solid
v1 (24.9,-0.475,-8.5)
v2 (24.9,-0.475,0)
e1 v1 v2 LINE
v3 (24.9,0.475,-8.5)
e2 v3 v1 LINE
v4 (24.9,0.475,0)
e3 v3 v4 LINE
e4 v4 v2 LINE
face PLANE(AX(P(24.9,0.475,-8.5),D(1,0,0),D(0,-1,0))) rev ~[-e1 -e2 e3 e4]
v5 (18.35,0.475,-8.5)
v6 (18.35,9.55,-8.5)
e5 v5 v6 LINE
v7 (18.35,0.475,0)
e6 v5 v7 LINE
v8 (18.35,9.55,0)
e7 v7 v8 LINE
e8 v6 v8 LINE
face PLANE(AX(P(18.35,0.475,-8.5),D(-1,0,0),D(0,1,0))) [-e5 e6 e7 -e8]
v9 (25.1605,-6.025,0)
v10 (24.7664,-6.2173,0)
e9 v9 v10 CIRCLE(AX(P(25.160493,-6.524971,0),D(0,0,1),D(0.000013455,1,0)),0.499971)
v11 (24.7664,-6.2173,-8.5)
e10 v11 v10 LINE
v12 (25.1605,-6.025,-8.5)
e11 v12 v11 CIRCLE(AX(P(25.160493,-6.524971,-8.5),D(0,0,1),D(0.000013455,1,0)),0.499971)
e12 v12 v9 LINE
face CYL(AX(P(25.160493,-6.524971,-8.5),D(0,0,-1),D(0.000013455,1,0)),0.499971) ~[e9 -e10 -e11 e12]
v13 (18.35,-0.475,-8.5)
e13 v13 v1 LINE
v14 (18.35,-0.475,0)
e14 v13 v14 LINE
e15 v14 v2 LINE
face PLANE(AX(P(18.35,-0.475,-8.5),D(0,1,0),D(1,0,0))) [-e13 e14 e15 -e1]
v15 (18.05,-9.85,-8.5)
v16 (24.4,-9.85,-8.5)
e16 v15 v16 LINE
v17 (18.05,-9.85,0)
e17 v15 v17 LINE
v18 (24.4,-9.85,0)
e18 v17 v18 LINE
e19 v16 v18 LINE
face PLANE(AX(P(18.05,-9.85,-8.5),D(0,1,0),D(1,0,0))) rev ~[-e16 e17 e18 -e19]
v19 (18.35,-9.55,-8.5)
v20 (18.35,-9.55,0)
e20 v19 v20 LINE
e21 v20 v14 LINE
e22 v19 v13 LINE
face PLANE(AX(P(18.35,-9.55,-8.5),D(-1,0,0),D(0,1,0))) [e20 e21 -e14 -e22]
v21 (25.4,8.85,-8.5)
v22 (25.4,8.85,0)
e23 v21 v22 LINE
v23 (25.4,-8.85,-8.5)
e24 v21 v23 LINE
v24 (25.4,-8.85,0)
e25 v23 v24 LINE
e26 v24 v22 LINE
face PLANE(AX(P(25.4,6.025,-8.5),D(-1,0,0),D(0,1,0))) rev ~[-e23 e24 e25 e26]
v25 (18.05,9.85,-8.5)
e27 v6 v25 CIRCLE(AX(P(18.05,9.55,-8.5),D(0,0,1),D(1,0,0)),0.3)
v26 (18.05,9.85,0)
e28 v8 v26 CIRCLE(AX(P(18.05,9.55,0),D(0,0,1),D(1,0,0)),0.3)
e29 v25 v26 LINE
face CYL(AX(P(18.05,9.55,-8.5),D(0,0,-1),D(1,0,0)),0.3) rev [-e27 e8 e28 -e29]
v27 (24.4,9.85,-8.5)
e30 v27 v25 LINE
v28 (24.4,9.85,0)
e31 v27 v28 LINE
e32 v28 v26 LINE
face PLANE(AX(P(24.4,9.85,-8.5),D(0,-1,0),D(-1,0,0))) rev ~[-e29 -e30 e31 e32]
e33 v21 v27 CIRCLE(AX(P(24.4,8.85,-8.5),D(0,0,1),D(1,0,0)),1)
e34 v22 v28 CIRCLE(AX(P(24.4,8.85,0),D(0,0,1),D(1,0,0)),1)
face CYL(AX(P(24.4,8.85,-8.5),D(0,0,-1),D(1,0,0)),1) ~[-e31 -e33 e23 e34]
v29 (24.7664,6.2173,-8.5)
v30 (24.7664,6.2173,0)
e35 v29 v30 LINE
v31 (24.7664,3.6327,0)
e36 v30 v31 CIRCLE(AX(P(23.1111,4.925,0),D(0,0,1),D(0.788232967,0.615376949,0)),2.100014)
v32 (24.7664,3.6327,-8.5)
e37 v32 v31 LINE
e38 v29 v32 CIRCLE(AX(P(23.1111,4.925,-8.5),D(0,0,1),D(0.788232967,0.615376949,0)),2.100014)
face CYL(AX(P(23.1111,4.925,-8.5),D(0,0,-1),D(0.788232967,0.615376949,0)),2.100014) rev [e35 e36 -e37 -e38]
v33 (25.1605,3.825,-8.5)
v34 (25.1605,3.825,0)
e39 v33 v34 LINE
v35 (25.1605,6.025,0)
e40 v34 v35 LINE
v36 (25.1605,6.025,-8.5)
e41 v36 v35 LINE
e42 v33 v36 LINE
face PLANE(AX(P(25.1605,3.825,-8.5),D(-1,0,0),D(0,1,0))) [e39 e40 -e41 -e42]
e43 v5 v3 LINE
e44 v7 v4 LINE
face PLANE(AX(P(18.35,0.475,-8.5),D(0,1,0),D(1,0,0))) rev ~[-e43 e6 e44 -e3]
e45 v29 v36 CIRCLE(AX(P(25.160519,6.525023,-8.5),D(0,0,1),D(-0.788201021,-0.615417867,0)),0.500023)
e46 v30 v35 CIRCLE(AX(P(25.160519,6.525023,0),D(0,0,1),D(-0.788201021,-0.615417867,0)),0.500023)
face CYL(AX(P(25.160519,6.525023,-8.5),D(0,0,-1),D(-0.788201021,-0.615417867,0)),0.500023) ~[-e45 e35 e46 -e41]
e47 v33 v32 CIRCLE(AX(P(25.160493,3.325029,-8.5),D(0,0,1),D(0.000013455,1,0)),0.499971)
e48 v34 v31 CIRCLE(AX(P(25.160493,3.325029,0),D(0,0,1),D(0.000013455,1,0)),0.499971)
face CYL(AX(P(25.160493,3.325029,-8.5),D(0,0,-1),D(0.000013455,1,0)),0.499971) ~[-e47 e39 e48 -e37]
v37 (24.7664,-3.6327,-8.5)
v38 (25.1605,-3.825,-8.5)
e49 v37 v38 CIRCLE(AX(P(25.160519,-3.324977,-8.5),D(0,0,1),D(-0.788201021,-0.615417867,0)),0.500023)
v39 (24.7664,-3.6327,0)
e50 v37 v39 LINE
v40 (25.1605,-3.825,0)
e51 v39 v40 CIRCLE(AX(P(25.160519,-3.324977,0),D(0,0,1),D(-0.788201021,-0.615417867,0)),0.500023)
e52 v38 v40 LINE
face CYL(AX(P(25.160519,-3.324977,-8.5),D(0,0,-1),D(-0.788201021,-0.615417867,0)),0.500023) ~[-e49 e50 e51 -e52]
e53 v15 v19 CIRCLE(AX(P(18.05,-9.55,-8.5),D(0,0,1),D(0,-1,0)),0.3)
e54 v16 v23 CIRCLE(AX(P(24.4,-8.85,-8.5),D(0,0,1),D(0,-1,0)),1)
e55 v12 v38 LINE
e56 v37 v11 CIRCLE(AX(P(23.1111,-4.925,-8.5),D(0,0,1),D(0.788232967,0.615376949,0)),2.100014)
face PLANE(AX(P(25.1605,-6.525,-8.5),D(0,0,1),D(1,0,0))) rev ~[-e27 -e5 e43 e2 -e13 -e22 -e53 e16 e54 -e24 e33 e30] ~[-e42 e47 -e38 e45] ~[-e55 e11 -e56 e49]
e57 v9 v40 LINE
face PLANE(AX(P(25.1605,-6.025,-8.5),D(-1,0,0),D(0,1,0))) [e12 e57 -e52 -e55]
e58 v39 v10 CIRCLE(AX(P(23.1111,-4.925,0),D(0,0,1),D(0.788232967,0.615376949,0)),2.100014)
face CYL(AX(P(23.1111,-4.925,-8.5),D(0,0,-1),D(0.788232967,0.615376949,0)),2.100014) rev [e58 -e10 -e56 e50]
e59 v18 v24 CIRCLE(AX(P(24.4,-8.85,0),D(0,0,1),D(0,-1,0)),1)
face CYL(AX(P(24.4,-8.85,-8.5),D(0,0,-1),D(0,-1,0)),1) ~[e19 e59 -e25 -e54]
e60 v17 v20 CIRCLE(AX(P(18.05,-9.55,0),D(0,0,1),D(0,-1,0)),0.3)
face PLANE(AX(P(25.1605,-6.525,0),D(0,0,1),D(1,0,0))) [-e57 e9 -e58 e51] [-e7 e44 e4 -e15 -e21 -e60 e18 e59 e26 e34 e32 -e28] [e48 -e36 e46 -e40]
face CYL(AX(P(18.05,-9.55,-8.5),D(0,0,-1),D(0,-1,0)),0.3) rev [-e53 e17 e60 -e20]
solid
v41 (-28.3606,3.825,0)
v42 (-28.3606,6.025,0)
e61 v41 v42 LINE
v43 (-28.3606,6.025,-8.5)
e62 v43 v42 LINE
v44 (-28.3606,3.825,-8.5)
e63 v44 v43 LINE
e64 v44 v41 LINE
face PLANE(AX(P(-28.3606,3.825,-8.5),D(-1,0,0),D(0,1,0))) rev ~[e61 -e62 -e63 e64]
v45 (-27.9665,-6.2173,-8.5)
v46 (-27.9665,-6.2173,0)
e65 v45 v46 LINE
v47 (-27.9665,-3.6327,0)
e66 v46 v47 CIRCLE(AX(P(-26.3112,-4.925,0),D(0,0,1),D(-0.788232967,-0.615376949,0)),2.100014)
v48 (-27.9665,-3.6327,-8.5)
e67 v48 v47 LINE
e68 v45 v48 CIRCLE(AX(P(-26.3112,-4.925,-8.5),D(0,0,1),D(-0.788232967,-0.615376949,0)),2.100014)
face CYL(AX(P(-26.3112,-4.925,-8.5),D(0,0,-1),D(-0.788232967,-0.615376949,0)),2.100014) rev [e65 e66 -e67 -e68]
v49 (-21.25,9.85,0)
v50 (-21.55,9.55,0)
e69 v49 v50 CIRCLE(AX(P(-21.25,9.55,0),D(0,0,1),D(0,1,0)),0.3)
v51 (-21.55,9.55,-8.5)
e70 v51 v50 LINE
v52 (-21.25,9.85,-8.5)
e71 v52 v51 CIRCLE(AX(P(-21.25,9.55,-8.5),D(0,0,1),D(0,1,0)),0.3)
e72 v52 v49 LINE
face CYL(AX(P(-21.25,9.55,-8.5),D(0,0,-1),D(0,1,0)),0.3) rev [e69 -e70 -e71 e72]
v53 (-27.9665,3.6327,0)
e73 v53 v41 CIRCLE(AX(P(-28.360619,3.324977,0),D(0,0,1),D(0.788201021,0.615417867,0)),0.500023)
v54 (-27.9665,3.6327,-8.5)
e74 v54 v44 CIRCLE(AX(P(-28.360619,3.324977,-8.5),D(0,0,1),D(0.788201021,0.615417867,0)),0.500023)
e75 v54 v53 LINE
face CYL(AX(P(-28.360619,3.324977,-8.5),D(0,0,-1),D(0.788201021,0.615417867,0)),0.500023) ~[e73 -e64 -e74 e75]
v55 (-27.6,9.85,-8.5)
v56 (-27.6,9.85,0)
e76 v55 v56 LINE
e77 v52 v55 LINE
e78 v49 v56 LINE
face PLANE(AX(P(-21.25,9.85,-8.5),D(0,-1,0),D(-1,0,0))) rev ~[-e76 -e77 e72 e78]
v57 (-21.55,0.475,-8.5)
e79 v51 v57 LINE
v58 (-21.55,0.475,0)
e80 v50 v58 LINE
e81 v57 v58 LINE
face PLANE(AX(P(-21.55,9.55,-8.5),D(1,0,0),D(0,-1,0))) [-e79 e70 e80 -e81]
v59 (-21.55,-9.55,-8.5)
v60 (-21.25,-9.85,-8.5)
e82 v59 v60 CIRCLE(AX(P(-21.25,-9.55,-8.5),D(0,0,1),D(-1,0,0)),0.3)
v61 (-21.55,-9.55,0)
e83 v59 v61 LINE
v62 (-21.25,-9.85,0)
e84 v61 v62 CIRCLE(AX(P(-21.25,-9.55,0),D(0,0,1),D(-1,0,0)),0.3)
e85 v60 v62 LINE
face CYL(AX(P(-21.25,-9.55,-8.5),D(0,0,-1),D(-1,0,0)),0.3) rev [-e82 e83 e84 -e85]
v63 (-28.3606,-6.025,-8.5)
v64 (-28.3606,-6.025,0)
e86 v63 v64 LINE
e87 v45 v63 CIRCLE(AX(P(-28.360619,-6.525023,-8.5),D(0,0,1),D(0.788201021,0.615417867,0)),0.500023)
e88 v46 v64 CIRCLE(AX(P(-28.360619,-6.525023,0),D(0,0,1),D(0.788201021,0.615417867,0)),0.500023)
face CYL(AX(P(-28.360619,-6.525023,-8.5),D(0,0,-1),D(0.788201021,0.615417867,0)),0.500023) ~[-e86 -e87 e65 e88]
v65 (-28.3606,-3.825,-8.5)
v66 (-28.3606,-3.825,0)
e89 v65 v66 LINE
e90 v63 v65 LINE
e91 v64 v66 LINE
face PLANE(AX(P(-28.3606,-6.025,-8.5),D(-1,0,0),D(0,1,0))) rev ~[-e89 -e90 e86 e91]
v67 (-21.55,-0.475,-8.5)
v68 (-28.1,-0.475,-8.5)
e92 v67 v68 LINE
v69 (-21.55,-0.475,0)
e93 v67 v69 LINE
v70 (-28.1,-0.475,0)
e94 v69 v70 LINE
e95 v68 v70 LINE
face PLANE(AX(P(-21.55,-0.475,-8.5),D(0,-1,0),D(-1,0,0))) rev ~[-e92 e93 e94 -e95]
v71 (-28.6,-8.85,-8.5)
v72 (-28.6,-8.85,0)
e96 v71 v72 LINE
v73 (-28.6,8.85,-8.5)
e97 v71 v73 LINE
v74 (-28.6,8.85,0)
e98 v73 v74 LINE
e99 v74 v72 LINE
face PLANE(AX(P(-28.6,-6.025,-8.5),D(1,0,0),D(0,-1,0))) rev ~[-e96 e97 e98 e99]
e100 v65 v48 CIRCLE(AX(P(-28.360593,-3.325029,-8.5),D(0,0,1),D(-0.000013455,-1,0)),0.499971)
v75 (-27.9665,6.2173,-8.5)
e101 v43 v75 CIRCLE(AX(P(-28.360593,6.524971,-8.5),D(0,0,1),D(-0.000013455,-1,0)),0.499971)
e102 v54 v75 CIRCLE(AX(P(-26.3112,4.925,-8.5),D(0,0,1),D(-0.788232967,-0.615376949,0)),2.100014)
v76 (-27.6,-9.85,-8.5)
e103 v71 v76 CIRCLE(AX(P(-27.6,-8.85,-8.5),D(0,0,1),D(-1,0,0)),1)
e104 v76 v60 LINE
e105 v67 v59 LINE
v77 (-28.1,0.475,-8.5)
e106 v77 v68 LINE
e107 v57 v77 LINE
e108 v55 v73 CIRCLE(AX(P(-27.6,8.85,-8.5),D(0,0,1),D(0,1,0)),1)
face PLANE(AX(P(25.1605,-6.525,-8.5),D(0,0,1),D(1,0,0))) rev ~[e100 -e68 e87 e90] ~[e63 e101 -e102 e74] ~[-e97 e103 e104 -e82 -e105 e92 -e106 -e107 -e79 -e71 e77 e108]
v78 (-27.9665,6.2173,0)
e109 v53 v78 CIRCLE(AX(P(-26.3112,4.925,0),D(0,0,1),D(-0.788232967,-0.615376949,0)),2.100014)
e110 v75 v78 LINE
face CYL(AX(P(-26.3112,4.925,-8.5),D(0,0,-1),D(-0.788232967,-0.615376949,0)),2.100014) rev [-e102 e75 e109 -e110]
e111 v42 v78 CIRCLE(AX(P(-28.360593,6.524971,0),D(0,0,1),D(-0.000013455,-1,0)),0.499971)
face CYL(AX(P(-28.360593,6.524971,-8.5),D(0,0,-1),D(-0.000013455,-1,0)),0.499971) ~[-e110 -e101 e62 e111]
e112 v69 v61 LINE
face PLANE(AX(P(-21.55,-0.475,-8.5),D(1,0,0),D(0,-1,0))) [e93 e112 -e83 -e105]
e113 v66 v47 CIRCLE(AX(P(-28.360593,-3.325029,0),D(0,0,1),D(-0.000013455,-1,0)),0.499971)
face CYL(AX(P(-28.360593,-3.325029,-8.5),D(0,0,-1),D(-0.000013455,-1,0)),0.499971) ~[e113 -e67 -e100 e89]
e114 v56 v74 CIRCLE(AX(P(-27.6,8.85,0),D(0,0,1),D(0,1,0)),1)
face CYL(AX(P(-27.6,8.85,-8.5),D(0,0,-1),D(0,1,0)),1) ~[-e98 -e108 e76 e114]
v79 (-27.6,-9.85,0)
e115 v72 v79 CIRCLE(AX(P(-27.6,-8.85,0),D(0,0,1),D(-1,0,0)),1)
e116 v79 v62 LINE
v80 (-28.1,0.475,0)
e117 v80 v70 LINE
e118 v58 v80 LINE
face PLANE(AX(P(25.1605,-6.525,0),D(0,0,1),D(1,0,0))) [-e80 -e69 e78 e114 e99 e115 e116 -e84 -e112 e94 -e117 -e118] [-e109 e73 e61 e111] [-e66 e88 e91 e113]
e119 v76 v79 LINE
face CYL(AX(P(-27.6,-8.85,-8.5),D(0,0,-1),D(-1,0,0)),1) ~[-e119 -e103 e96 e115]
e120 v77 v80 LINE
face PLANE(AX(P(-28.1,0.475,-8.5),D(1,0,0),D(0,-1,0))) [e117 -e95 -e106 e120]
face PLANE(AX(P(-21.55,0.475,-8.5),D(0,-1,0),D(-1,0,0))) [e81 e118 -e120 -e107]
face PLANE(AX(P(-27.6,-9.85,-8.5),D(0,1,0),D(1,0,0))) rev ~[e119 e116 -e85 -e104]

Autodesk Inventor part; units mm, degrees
ref_plane "YZ Plane" through (0, 0, 0) normal (1, 0, 0) x (0, 1, 0)
ref_plane "Work Plane1" through (25.1605, -6.525, -8.5) normal (0, 0, 1) x (1, 0, 0)
sketch "Sketch2" plane through (25.1605, -6.525, -8.5) normal (0, 0, 1) x (1, 0, 0)
  line L0 (-6.8105, 7) -> (-6.8105, 16.075) projected
  line L1 (-6.8105, 7) -> (-0.2605, 7) projected
  line L2 (-0.2605, 7) -> (-0.2605, 6.05) projected
  line L3 (-6.8105, 6.05) -> (-0.2605, 6.05) projected
  line L4 (-6.8105, -3.025) -> (-6.8105, 6.05) projected
  arc A0 (-7.1105, -3.325) -> (-6.8105, -3.025) centre (-7.1105, -3.025) ccw projected
  line L5 (-7.1105, -3.325) -> (-0.7605, -3.325) projected
  arc A1 (-0.7605, -3.325) -> (0.2395, -2.325) centre (-0.7605, -2.325) ccw projected
  line L6 (0.2395, -2.325) -> (0.2395, 0.5) projected
  line L7 (0.2395, 0.5) -> (0, 0.5) projected
  arc A2 (0, 0.5) -> (-0.3941, 0.3077) centre (0, 0) ccw projected
  arc A3 (-0.3941, 2.8923) -> (-0.3941, 0.3077) centre (-2.0494, 1.6) ccw projected
  arc A4 (-0.3941, 2.8923) -> (0, 2.7) centre (0, 3.2) ccw projected
  line L8 (0, 2.7) -> (0.2395, 2.7) projected
  line L9 (0.2395, 2.7) -> (0.2395, 10.35) projected
  line L10 (0.2395, 10.35) -> (0, 10.35) projected
  arc A5 (0, 10.35) -> (-0.3941, 10.1577) centre (0, 9.85) ccw projected
  arc A6 (-0.3941, 12.7423) -> (-0.3941, 10.1577) centre (-2.0494, 11.45) ccw projected
  arc A7 (-0.3941, 12.7423) -> (0, 12.55) centre (0, 13.05) ccw projected
  line L11 (0, 12.55) -> (0.2395, 12.55) projected
  line L12 (0.2395, 12.55) -> (0.2395, 15.375) projected
  arc A8 (0.2395, 15.375) -> (-0.7605, 16.375) centre (-0.7605, 15.375) ccw projected
  line L13 (-0.7605, 16.375) -> (-7.1105, 16.375) projected
  arc A9 (-6.8105, 16.075) -> (-7.1105, 16.375) centre (-7.1105, 16.075) ccw projected
  line L14 (-53.2605, 7) -> (-53.2605, 6.05) projected
  line L15 (-46.7105, 7) -> (-53.2605, 7) projected
  line L16 (-46.7105, 16.075) -> (-46.7105, 7) projected
  arc A10 (-46.4105, 16.375) -> (-46.7105, 16.075) centre (-46.4105, 16.075) ccw projected
  line L17 (-46.4105, 16.375) -> (-52.7605, 16.375) projected
  arc A11 (-52.7605, 16.375) -> (-53.7605, 15.375) centre (-52.7605, 15.375) ccw projected
  line L18 (-53.7605, 15.375) -> (-53.7605, 12.55) projected
  line L19 (-53.7605, 12.55) -> (-53.5211, 12.55) projected
  arc A12 (-53.5211, 12.55) -> (-53.127, 12.7423) centre (-53.5211, 13.05) ccw projected
  arc A13 (-53.127, 10.1577) -> (-53.127, 12.7423) centre (-51.4717, 11.45) ccw projected
  arc A14 (-53.127, 10.1577) -> (-53.5211, 10.35) centre (-53.5211, 9.85) ccw projected
  line L20 (-53.5211, 10.35) -> (-53.7605, 10.35) projected
  line L21 (-53.7605, 10.35) -> (-53.7605, 2.7) projected
  line L22 (-53.7605, 2.7) -> (-53.5211, 2.7) projected
  arc A15 (-53.5211, 2.7) -> (-53.127, 2.8923) centre (-53.5211, 3.2) ccw projected
  arc A16 (-53.127, 0.3077) -> (-53.127, 2.8923) centre (-51.4717, 1.6) ccw projected
  arc A17 (-53.127, 0.3077) -> (-53.5211, 0.5) centre (-53.5211, 0) ccw projected
  line L23 (-53.5211, 0.5) -> (-53.7605, 0.5) projected
  line L24 (-53.7605, 0.5) -> (-53.7605, -2.325) projected
  arc A18 (-53.7605, -2.325) -> (-52.7605, -3.325) centre (-52.7605, -2.325) ccw projected
  line L25 (-52.7605, -3.325) -> (-46.4105, -3.325) projected
  arc A19 (-46.7105, -3.025) -> (-46.4105, -3.325) centre (-46.4105, -3.025) ccw projected
  line L26 (-46.7105, 6.05) -> (-46.7105, -3.025) projected
  line L27 (-46.7105, 6.05) -> (-53.2605, 6.05) projected
  line L28 (-53.5211, 0.5) -> (-53.5211, 2.7)
  line L29 (-53.7605, 0.5) -> (-53.7605, 2.7)
  line L30 (-53.7605, 10.35) -> (-53.7605, 12.55)
  line L31 (-53.5211, 10.35) -> (-53.5211, 12.55)
  line L32 (0.2395, 0.5) -> (0.2395, 2.7)
  line L33 (0, 0.5) -> (0, 2.7)
  line L34 (0.2395, 10.35) -> (0.2395, 12.55)
  line L35 (0, 10.35) -> (0, 12.55)
  point P0 (-25.1605, 6.525)
ref_plane "Work Plane2" through (-11.5498, -16.6818, 0) normal (0, 0, 1) x (1, 0, 0)
extrude "Extrusion1" add sketch "Sketch2" along normal up to surface (8.5 mm away) contours L0 A9 L13 A8 L12 L11 A7 A6 A5 L10 L9 L8 A4 A3 A2 L7 L6 A1 L5 A0 L4 L3 L2 L1 | L34 L10 L35 L11 | L32 L7 L33 L8 | L14 L27 L26 A19 L25 A18 L24 L23 A17 A16 A15 L22 L21 L20 A14 A13 A12 L19 L18 A11 L17 A10 L16 L15 | L19 L31 L20 L30 | L29 L22 L28 L23
properties part number "buh2_3DPrint"
